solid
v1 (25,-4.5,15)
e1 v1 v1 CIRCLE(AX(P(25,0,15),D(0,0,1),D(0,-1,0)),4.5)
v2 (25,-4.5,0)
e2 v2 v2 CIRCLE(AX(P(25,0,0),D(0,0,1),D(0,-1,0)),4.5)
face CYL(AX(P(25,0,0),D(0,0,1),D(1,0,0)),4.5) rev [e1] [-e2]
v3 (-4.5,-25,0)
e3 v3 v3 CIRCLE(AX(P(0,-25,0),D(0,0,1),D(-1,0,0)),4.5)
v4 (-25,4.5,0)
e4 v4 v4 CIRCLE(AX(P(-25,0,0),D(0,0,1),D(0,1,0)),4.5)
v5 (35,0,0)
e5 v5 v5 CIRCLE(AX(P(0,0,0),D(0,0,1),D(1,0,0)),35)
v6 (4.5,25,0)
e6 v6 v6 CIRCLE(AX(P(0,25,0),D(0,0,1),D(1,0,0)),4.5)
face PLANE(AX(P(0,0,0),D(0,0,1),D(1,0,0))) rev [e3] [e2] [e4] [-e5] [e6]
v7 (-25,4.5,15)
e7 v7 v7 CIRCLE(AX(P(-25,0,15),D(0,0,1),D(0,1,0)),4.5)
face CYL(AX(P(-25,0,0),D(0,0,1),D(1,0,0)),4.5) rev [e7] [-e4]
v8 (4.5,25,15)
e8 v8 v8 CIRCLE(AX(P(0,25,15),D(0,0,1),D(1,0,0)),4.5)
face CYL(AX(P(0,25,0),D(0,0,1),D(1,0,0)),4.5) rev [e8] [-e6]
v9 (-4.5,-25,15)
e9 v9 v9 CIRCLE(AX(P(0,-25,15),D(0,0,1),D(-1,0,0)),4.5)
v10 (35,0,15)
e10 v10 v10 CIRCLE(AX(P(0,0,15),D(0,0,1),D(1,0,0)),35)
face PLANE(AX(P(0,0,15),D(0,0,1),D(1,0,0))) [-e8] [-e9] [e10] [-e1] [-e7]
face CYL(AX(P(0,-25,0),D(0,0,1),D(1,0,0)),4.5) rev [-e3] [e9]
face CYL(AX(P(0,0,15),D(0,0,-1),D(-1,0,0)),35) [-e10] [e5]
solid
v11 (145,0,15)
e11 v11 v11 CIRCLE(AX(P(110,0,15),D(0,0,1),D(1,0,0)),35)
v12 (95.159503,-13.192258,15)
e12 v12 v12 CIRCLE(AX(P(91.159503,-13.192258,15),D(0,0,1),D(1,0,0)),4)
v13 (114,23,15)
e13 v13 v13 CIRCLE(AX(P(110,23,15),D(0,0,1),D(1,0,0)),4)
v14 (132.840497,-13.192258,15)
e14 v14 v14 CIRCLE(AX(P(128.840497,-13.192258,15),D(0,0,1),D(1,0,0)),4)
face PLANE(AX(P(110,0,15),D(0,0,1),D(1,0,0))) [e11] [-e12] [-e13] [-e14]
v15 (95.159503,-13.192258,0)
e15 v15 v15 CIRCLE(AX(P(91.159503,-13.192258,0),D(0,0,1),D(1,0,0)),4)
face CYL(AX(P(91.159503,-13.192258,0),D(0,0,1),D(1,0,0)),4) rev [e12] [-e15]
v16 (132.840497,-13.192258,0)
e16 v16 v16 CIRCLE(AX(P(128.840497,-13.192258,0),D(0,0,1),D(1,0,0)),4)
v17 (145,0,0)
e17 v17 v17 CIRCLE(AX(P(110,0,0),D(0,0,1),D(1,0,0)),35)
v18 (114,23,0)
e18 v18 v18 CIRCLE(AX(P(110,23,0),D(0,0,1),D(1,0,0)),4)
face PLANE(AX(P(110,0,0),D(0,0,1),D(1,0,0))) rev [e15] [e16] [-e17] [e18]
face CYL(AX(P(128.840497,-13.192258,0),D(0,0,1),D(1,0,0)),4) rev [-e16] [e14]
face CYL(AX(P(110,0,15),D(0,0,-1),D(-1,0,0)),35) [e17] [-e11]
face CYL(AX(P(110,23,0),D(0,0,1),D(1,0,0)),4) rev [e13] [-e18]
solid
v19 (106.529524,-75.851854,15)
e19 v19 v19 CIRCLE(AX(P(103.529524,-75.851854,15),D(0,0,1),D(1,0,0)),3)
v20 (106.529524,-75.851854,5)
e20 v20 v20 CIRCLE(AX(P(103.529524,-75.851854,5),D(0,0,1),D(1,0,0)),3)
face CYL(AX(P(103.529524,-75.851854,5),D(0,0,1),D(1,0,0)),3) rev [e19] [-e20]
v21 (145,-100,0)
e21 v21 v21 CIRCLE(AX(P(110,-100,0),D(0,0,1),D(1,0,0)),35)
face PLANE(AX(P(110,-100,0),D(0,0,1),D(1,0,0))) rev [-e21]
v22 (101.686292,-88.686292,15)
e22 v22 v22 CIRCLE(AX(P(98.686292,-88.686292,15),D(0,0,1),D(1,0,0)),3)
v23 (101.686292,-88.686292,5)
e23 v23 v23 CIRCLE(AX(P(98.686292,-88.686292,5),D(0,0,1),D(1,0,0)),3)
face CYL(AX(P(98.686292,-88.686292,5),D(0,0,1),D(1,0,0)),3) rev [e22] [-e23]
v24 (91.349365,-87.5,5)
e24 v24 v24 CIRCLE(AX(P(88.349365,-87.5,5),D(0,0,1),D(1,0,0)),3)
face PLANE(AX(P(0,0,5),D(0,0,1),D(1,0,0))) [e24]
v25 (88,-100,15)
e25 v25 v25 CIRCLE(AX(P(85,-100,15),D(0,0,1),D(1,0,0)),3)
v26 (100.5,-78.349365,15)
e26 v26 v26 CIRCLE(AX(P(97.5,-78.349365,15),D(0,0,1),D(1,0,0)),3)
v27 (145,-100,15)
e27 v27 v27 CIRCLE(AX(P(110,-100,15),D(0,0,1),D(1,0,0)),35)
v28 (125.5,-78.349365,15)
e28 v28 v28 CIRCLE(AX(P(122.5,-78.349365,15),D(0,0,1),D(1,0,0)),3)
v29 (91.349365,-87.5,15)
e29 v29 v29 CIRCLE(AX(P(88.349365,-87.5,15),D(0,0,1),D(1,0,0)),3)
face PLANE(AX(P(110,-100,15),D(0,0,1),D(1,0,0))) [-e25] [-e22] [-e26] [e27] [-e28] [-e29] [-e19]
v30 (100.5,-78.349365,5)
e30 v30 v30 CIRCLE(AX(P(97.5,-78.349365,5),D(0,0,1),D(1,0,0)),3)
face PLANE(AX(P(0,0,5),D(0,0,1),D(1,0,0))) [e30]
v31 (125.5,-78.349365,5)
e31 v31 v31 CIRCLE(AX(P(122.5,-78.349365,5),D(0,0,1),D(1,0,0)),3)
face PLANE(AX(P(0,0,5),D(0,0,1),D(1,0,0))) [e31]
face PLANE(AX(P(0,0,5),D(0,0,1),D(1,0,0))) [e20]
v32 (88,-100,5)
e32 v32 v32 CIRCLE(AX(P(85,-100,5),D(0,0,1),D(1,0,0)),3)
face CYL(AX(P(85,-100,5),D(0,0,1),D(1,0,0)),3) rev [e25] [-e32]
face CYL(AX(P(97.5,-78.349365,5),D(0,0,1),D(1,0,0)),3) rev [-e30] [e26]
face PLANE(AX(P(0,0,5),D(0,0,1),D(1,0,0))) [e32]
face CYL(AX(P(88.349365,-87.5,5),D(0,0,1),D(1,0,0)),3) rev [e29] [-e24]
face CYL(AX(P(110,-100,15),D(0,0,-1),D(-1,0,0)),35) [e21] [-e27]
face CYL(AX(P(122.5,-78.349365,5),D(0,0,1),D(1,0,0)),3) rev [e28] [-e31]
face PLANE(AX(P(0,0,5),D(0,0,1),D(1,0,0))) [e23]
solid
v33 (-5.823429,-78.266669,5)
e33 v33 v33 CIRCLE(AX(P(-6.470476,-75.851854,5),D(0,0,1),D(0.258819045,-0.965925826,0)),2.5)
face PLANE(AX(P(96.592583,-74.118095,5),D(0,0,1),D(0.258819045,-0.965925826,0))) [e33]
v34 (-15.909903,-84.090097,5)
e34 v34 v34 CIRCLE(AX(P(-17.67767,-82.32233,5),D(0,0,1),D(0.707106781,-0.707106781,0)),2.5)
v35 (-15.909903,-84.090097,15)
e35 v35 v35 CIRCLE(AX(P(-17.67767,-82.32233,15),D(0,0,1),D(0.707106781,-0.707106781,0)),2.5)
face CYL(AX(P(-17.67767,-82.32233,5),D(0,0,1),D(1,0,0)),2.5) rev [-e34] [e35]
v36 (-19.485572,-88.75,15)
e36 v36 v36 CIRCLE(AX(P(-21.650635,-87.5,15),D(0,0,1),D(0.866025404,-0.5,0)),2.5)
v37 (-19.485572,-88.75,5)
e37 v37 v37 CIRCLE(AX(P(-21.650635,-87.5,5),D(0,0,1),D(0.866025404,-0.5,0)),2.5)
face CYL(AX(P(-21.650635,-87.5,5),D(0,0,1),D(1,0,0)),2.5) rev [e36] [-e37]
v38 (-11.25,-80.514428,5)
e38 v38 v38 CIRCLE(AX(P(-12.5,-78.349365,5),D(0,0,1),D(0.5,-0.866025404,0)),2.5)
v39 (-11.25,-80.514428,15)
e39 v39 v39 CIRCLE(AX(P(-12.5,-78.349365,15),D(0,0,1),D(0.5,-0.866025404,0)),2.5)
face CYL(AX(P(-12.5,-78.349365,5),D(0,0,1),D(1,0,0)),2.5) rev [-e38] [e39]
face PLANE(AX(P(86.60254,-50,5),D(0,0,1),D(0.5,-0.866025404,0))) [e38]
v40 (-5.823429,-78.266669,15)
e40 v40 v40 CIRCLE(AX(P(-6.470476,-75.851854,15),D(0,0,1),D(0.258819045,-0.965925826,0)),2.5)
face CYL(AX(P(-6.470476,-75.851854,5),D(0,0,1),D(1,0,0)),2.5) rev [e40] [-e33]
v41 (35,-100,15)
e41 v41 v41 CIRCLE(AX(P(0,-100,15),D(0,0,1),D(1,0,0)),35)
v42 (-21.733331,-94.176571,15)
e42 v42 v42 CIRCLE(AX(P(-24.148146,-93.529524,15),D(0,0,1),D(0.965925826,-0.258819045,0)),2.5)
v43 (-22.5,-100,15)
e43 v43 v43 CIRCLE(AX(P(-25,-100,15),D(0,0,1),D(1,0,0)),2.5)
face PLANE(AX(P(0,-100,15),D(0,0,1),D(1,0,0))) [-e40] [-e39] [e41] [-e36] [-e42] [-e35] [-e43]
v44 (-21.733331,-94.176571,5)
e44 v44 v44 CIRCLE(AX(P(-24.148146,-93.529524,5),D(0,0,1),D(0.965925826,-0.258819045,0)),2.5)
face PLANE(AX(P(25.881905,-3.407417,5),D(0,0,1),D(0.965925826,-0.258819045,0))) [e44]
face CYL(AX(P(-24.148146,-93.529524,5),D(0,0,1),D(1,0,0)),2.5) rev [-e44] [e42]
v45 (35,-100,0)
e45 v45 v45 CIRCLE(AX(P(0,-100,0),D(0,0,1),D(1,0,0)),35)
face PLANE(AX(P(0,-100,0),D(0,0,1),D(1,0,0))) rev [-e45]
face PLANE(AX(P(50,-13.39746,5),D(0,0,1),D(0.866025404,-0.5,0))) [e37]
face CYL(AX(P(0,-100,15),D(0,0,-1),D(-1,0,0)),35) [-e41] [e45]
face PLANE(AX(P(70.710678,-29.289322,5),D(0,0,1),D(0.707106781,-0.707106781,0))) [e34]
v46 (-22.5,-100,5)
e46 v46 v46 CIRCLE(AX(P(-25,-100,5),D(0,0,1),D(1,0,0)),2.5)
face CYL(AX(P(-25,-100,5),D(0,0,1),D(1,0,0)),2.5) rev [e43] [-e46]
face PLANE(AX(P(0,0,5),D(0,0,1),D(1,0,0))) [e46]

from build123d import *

# Parameters (mm, degrees)
SKETCH_1_R               = 35
EXTRUDE_1_DEPTH          = 15
SKETCH_2_R               = 4.5
CUT_EXTRUDE_1_DEPTH      = 52.720402164
PATTERN_CIRCULAR_1_COUNT = 4
SKETCH_3_R               = 35
EXTRUDE_2_DEPTH          = 15
SKETCH_4_R               = 4
CUT_EXTRUDE_2_DEPTH      = 15
SKETCH_5_R               = 35
EXTRUDE_3_DEPTH          = 15
SKETCH_6_R               = 2.5
CUT_EXTRUDE_3_DEPTH      = 10
PATTERN_CIRCULAR_2_COUNT = 6
PATTERN_CIRCULAR_2_ANGLE = 75
SKETCH_7_R               = 35
EXTRUDE_4_DEPTH          = 15
SKETCH_8_R               = 3
CUT_EXTRUDE_4_DEPTH      = 10


with BuildPart() as part:
    # Эскиз1 → Бобышка-Вытянуть1 (new body)
    with BuildSketch(Plane.XY):
        Circle(SKETCH_1_R)
    extrude(amount=EXTRUDE_1_DEPTH)

    # Эскиз2 → Вырез-Вытянуть1 (cut, through all)
    with BuildSketch(Plane.XY.offset(15)):
        with Locations((0, 25)):
            Circle(SKETCH_2_R)
    cut_extrude_1 = extrude(amount=-CUT_EXTRUDE_1_DEPTH, mode=Mode.SUBTRACT)

    # Круговой массив1: Вырез-Вытянуть1 ×4 about axis
    pattern_circular_1_axis = Axis((0, 0, 0), (0, 0, 1))
    for i in range(1, PATTERN_CIRCULAR_1_COUNT):
        add(cut_extrude_1.rotate(pattern_circular_1_axis, i * 360 / PATTERN_CIRCULAR_1_COUNT), mode=Mode.SUBTRACT)


with BuildPart() as body_2:
    # Эскиз3 → Бобышка-Вытянуть2 (new body)
    with BuildSketch(Plane.XY):
        with Locations((110, 0)):
            Circle(SKETCH_3_R)
    extrude(amount=EXTRUDE_2_DEPTH)

    # Эскиз4 → Вырез-Вытянуть2 (cut)
    with BuildSketch(Plane.XY.offset(15)):
        with Locations((110, 23)):
            Circle(SKETCH_4_R)
        with Locations((128.840497019, -13.192258036)):
            Circle(SKETCH_4_R)
        with Locations((91.159502981, -13.192258036)):
            Circle(SKETCH_4_R)
    extrude(amount=-CUT_EXTRUDE_2_DEPTH, mode=Mode.SUBTRACT)


with BuildPart() as body_3:
    # Эскиз5 → Бобышка-Вытянуть3 (new body)
    with BuildSketch(Plane.XY):
        with Locations((0, -100)):
            Circle(SKETCH_5_R)
    extrude(amount=EXTRUDE_3_DEPTH)

    # Эскиз6 → Вырез-Вытянуть3 (cut)
    with BuildSketch(Plane.XY.offset(15)):
        with Locations((-25, -100)):
            Circle(SKETCH_6_R)
    cut_extrude_3 = extrude(amount=-CUT_EXTRUDE_3_DEPTH, mode=Mode.SUBTRACT)

    # Круговой массив2: Вырез-Вытянуть3 ×6 about axis
    pattern_circular_2_axis = Axis((0, -100, 0), (0, 0, -1))
    for i in range(1, PATTERN_CIRCULAR_2_COUNT):
        add(cut_extrude_3.rotate(pattern_circular_2_axis, i * PATTERN_CIRCULAR_2_ANGLE / (PATTERN_CIRCULAR_2_COUNT - 1)), mode=Mode.SUBTRACT)


with BuildPart() as body_4:
    # Эскиз7 → Бобышка-Вытянуть4 (new body)
    with BuildSketch(Plane.XY):
        with Locations((110, -100)):
            Circle(SKETCH_7_R)
    extrude(amount=EXTRUDE_4_DEPTH)

    # Эскиз8 → Вырез-Вытянуть4 (cut)
    with BuildSketch(Plane.XY.offset(15)):
        with Locations((85, -100)):
            Circle(SKETCH_8_R)
        with Locations((88.349364905, -87.5)):
            Circle(SKETCH_8_R)
        with Locations((97.5, -78.349364905)):
            Circle(SKETCH_8_R)
        with Locations((103.529523872, -75.851854343)):
            Circle(SKETCH_8_R)
        with Locations((98.686291501, -88.686291501)):
            Circle(SKETCH_8_R)
        with Locations((122.5, -78.349364905)):
            Circle(SKETCH_8_R)
    extrude(amount=-CUT_EXTRUDE_4_DEPTH, mode=Mode.SUBTRACT)


solid = Compound([part.part, body_2.part, body_3.part, body_4.part])
